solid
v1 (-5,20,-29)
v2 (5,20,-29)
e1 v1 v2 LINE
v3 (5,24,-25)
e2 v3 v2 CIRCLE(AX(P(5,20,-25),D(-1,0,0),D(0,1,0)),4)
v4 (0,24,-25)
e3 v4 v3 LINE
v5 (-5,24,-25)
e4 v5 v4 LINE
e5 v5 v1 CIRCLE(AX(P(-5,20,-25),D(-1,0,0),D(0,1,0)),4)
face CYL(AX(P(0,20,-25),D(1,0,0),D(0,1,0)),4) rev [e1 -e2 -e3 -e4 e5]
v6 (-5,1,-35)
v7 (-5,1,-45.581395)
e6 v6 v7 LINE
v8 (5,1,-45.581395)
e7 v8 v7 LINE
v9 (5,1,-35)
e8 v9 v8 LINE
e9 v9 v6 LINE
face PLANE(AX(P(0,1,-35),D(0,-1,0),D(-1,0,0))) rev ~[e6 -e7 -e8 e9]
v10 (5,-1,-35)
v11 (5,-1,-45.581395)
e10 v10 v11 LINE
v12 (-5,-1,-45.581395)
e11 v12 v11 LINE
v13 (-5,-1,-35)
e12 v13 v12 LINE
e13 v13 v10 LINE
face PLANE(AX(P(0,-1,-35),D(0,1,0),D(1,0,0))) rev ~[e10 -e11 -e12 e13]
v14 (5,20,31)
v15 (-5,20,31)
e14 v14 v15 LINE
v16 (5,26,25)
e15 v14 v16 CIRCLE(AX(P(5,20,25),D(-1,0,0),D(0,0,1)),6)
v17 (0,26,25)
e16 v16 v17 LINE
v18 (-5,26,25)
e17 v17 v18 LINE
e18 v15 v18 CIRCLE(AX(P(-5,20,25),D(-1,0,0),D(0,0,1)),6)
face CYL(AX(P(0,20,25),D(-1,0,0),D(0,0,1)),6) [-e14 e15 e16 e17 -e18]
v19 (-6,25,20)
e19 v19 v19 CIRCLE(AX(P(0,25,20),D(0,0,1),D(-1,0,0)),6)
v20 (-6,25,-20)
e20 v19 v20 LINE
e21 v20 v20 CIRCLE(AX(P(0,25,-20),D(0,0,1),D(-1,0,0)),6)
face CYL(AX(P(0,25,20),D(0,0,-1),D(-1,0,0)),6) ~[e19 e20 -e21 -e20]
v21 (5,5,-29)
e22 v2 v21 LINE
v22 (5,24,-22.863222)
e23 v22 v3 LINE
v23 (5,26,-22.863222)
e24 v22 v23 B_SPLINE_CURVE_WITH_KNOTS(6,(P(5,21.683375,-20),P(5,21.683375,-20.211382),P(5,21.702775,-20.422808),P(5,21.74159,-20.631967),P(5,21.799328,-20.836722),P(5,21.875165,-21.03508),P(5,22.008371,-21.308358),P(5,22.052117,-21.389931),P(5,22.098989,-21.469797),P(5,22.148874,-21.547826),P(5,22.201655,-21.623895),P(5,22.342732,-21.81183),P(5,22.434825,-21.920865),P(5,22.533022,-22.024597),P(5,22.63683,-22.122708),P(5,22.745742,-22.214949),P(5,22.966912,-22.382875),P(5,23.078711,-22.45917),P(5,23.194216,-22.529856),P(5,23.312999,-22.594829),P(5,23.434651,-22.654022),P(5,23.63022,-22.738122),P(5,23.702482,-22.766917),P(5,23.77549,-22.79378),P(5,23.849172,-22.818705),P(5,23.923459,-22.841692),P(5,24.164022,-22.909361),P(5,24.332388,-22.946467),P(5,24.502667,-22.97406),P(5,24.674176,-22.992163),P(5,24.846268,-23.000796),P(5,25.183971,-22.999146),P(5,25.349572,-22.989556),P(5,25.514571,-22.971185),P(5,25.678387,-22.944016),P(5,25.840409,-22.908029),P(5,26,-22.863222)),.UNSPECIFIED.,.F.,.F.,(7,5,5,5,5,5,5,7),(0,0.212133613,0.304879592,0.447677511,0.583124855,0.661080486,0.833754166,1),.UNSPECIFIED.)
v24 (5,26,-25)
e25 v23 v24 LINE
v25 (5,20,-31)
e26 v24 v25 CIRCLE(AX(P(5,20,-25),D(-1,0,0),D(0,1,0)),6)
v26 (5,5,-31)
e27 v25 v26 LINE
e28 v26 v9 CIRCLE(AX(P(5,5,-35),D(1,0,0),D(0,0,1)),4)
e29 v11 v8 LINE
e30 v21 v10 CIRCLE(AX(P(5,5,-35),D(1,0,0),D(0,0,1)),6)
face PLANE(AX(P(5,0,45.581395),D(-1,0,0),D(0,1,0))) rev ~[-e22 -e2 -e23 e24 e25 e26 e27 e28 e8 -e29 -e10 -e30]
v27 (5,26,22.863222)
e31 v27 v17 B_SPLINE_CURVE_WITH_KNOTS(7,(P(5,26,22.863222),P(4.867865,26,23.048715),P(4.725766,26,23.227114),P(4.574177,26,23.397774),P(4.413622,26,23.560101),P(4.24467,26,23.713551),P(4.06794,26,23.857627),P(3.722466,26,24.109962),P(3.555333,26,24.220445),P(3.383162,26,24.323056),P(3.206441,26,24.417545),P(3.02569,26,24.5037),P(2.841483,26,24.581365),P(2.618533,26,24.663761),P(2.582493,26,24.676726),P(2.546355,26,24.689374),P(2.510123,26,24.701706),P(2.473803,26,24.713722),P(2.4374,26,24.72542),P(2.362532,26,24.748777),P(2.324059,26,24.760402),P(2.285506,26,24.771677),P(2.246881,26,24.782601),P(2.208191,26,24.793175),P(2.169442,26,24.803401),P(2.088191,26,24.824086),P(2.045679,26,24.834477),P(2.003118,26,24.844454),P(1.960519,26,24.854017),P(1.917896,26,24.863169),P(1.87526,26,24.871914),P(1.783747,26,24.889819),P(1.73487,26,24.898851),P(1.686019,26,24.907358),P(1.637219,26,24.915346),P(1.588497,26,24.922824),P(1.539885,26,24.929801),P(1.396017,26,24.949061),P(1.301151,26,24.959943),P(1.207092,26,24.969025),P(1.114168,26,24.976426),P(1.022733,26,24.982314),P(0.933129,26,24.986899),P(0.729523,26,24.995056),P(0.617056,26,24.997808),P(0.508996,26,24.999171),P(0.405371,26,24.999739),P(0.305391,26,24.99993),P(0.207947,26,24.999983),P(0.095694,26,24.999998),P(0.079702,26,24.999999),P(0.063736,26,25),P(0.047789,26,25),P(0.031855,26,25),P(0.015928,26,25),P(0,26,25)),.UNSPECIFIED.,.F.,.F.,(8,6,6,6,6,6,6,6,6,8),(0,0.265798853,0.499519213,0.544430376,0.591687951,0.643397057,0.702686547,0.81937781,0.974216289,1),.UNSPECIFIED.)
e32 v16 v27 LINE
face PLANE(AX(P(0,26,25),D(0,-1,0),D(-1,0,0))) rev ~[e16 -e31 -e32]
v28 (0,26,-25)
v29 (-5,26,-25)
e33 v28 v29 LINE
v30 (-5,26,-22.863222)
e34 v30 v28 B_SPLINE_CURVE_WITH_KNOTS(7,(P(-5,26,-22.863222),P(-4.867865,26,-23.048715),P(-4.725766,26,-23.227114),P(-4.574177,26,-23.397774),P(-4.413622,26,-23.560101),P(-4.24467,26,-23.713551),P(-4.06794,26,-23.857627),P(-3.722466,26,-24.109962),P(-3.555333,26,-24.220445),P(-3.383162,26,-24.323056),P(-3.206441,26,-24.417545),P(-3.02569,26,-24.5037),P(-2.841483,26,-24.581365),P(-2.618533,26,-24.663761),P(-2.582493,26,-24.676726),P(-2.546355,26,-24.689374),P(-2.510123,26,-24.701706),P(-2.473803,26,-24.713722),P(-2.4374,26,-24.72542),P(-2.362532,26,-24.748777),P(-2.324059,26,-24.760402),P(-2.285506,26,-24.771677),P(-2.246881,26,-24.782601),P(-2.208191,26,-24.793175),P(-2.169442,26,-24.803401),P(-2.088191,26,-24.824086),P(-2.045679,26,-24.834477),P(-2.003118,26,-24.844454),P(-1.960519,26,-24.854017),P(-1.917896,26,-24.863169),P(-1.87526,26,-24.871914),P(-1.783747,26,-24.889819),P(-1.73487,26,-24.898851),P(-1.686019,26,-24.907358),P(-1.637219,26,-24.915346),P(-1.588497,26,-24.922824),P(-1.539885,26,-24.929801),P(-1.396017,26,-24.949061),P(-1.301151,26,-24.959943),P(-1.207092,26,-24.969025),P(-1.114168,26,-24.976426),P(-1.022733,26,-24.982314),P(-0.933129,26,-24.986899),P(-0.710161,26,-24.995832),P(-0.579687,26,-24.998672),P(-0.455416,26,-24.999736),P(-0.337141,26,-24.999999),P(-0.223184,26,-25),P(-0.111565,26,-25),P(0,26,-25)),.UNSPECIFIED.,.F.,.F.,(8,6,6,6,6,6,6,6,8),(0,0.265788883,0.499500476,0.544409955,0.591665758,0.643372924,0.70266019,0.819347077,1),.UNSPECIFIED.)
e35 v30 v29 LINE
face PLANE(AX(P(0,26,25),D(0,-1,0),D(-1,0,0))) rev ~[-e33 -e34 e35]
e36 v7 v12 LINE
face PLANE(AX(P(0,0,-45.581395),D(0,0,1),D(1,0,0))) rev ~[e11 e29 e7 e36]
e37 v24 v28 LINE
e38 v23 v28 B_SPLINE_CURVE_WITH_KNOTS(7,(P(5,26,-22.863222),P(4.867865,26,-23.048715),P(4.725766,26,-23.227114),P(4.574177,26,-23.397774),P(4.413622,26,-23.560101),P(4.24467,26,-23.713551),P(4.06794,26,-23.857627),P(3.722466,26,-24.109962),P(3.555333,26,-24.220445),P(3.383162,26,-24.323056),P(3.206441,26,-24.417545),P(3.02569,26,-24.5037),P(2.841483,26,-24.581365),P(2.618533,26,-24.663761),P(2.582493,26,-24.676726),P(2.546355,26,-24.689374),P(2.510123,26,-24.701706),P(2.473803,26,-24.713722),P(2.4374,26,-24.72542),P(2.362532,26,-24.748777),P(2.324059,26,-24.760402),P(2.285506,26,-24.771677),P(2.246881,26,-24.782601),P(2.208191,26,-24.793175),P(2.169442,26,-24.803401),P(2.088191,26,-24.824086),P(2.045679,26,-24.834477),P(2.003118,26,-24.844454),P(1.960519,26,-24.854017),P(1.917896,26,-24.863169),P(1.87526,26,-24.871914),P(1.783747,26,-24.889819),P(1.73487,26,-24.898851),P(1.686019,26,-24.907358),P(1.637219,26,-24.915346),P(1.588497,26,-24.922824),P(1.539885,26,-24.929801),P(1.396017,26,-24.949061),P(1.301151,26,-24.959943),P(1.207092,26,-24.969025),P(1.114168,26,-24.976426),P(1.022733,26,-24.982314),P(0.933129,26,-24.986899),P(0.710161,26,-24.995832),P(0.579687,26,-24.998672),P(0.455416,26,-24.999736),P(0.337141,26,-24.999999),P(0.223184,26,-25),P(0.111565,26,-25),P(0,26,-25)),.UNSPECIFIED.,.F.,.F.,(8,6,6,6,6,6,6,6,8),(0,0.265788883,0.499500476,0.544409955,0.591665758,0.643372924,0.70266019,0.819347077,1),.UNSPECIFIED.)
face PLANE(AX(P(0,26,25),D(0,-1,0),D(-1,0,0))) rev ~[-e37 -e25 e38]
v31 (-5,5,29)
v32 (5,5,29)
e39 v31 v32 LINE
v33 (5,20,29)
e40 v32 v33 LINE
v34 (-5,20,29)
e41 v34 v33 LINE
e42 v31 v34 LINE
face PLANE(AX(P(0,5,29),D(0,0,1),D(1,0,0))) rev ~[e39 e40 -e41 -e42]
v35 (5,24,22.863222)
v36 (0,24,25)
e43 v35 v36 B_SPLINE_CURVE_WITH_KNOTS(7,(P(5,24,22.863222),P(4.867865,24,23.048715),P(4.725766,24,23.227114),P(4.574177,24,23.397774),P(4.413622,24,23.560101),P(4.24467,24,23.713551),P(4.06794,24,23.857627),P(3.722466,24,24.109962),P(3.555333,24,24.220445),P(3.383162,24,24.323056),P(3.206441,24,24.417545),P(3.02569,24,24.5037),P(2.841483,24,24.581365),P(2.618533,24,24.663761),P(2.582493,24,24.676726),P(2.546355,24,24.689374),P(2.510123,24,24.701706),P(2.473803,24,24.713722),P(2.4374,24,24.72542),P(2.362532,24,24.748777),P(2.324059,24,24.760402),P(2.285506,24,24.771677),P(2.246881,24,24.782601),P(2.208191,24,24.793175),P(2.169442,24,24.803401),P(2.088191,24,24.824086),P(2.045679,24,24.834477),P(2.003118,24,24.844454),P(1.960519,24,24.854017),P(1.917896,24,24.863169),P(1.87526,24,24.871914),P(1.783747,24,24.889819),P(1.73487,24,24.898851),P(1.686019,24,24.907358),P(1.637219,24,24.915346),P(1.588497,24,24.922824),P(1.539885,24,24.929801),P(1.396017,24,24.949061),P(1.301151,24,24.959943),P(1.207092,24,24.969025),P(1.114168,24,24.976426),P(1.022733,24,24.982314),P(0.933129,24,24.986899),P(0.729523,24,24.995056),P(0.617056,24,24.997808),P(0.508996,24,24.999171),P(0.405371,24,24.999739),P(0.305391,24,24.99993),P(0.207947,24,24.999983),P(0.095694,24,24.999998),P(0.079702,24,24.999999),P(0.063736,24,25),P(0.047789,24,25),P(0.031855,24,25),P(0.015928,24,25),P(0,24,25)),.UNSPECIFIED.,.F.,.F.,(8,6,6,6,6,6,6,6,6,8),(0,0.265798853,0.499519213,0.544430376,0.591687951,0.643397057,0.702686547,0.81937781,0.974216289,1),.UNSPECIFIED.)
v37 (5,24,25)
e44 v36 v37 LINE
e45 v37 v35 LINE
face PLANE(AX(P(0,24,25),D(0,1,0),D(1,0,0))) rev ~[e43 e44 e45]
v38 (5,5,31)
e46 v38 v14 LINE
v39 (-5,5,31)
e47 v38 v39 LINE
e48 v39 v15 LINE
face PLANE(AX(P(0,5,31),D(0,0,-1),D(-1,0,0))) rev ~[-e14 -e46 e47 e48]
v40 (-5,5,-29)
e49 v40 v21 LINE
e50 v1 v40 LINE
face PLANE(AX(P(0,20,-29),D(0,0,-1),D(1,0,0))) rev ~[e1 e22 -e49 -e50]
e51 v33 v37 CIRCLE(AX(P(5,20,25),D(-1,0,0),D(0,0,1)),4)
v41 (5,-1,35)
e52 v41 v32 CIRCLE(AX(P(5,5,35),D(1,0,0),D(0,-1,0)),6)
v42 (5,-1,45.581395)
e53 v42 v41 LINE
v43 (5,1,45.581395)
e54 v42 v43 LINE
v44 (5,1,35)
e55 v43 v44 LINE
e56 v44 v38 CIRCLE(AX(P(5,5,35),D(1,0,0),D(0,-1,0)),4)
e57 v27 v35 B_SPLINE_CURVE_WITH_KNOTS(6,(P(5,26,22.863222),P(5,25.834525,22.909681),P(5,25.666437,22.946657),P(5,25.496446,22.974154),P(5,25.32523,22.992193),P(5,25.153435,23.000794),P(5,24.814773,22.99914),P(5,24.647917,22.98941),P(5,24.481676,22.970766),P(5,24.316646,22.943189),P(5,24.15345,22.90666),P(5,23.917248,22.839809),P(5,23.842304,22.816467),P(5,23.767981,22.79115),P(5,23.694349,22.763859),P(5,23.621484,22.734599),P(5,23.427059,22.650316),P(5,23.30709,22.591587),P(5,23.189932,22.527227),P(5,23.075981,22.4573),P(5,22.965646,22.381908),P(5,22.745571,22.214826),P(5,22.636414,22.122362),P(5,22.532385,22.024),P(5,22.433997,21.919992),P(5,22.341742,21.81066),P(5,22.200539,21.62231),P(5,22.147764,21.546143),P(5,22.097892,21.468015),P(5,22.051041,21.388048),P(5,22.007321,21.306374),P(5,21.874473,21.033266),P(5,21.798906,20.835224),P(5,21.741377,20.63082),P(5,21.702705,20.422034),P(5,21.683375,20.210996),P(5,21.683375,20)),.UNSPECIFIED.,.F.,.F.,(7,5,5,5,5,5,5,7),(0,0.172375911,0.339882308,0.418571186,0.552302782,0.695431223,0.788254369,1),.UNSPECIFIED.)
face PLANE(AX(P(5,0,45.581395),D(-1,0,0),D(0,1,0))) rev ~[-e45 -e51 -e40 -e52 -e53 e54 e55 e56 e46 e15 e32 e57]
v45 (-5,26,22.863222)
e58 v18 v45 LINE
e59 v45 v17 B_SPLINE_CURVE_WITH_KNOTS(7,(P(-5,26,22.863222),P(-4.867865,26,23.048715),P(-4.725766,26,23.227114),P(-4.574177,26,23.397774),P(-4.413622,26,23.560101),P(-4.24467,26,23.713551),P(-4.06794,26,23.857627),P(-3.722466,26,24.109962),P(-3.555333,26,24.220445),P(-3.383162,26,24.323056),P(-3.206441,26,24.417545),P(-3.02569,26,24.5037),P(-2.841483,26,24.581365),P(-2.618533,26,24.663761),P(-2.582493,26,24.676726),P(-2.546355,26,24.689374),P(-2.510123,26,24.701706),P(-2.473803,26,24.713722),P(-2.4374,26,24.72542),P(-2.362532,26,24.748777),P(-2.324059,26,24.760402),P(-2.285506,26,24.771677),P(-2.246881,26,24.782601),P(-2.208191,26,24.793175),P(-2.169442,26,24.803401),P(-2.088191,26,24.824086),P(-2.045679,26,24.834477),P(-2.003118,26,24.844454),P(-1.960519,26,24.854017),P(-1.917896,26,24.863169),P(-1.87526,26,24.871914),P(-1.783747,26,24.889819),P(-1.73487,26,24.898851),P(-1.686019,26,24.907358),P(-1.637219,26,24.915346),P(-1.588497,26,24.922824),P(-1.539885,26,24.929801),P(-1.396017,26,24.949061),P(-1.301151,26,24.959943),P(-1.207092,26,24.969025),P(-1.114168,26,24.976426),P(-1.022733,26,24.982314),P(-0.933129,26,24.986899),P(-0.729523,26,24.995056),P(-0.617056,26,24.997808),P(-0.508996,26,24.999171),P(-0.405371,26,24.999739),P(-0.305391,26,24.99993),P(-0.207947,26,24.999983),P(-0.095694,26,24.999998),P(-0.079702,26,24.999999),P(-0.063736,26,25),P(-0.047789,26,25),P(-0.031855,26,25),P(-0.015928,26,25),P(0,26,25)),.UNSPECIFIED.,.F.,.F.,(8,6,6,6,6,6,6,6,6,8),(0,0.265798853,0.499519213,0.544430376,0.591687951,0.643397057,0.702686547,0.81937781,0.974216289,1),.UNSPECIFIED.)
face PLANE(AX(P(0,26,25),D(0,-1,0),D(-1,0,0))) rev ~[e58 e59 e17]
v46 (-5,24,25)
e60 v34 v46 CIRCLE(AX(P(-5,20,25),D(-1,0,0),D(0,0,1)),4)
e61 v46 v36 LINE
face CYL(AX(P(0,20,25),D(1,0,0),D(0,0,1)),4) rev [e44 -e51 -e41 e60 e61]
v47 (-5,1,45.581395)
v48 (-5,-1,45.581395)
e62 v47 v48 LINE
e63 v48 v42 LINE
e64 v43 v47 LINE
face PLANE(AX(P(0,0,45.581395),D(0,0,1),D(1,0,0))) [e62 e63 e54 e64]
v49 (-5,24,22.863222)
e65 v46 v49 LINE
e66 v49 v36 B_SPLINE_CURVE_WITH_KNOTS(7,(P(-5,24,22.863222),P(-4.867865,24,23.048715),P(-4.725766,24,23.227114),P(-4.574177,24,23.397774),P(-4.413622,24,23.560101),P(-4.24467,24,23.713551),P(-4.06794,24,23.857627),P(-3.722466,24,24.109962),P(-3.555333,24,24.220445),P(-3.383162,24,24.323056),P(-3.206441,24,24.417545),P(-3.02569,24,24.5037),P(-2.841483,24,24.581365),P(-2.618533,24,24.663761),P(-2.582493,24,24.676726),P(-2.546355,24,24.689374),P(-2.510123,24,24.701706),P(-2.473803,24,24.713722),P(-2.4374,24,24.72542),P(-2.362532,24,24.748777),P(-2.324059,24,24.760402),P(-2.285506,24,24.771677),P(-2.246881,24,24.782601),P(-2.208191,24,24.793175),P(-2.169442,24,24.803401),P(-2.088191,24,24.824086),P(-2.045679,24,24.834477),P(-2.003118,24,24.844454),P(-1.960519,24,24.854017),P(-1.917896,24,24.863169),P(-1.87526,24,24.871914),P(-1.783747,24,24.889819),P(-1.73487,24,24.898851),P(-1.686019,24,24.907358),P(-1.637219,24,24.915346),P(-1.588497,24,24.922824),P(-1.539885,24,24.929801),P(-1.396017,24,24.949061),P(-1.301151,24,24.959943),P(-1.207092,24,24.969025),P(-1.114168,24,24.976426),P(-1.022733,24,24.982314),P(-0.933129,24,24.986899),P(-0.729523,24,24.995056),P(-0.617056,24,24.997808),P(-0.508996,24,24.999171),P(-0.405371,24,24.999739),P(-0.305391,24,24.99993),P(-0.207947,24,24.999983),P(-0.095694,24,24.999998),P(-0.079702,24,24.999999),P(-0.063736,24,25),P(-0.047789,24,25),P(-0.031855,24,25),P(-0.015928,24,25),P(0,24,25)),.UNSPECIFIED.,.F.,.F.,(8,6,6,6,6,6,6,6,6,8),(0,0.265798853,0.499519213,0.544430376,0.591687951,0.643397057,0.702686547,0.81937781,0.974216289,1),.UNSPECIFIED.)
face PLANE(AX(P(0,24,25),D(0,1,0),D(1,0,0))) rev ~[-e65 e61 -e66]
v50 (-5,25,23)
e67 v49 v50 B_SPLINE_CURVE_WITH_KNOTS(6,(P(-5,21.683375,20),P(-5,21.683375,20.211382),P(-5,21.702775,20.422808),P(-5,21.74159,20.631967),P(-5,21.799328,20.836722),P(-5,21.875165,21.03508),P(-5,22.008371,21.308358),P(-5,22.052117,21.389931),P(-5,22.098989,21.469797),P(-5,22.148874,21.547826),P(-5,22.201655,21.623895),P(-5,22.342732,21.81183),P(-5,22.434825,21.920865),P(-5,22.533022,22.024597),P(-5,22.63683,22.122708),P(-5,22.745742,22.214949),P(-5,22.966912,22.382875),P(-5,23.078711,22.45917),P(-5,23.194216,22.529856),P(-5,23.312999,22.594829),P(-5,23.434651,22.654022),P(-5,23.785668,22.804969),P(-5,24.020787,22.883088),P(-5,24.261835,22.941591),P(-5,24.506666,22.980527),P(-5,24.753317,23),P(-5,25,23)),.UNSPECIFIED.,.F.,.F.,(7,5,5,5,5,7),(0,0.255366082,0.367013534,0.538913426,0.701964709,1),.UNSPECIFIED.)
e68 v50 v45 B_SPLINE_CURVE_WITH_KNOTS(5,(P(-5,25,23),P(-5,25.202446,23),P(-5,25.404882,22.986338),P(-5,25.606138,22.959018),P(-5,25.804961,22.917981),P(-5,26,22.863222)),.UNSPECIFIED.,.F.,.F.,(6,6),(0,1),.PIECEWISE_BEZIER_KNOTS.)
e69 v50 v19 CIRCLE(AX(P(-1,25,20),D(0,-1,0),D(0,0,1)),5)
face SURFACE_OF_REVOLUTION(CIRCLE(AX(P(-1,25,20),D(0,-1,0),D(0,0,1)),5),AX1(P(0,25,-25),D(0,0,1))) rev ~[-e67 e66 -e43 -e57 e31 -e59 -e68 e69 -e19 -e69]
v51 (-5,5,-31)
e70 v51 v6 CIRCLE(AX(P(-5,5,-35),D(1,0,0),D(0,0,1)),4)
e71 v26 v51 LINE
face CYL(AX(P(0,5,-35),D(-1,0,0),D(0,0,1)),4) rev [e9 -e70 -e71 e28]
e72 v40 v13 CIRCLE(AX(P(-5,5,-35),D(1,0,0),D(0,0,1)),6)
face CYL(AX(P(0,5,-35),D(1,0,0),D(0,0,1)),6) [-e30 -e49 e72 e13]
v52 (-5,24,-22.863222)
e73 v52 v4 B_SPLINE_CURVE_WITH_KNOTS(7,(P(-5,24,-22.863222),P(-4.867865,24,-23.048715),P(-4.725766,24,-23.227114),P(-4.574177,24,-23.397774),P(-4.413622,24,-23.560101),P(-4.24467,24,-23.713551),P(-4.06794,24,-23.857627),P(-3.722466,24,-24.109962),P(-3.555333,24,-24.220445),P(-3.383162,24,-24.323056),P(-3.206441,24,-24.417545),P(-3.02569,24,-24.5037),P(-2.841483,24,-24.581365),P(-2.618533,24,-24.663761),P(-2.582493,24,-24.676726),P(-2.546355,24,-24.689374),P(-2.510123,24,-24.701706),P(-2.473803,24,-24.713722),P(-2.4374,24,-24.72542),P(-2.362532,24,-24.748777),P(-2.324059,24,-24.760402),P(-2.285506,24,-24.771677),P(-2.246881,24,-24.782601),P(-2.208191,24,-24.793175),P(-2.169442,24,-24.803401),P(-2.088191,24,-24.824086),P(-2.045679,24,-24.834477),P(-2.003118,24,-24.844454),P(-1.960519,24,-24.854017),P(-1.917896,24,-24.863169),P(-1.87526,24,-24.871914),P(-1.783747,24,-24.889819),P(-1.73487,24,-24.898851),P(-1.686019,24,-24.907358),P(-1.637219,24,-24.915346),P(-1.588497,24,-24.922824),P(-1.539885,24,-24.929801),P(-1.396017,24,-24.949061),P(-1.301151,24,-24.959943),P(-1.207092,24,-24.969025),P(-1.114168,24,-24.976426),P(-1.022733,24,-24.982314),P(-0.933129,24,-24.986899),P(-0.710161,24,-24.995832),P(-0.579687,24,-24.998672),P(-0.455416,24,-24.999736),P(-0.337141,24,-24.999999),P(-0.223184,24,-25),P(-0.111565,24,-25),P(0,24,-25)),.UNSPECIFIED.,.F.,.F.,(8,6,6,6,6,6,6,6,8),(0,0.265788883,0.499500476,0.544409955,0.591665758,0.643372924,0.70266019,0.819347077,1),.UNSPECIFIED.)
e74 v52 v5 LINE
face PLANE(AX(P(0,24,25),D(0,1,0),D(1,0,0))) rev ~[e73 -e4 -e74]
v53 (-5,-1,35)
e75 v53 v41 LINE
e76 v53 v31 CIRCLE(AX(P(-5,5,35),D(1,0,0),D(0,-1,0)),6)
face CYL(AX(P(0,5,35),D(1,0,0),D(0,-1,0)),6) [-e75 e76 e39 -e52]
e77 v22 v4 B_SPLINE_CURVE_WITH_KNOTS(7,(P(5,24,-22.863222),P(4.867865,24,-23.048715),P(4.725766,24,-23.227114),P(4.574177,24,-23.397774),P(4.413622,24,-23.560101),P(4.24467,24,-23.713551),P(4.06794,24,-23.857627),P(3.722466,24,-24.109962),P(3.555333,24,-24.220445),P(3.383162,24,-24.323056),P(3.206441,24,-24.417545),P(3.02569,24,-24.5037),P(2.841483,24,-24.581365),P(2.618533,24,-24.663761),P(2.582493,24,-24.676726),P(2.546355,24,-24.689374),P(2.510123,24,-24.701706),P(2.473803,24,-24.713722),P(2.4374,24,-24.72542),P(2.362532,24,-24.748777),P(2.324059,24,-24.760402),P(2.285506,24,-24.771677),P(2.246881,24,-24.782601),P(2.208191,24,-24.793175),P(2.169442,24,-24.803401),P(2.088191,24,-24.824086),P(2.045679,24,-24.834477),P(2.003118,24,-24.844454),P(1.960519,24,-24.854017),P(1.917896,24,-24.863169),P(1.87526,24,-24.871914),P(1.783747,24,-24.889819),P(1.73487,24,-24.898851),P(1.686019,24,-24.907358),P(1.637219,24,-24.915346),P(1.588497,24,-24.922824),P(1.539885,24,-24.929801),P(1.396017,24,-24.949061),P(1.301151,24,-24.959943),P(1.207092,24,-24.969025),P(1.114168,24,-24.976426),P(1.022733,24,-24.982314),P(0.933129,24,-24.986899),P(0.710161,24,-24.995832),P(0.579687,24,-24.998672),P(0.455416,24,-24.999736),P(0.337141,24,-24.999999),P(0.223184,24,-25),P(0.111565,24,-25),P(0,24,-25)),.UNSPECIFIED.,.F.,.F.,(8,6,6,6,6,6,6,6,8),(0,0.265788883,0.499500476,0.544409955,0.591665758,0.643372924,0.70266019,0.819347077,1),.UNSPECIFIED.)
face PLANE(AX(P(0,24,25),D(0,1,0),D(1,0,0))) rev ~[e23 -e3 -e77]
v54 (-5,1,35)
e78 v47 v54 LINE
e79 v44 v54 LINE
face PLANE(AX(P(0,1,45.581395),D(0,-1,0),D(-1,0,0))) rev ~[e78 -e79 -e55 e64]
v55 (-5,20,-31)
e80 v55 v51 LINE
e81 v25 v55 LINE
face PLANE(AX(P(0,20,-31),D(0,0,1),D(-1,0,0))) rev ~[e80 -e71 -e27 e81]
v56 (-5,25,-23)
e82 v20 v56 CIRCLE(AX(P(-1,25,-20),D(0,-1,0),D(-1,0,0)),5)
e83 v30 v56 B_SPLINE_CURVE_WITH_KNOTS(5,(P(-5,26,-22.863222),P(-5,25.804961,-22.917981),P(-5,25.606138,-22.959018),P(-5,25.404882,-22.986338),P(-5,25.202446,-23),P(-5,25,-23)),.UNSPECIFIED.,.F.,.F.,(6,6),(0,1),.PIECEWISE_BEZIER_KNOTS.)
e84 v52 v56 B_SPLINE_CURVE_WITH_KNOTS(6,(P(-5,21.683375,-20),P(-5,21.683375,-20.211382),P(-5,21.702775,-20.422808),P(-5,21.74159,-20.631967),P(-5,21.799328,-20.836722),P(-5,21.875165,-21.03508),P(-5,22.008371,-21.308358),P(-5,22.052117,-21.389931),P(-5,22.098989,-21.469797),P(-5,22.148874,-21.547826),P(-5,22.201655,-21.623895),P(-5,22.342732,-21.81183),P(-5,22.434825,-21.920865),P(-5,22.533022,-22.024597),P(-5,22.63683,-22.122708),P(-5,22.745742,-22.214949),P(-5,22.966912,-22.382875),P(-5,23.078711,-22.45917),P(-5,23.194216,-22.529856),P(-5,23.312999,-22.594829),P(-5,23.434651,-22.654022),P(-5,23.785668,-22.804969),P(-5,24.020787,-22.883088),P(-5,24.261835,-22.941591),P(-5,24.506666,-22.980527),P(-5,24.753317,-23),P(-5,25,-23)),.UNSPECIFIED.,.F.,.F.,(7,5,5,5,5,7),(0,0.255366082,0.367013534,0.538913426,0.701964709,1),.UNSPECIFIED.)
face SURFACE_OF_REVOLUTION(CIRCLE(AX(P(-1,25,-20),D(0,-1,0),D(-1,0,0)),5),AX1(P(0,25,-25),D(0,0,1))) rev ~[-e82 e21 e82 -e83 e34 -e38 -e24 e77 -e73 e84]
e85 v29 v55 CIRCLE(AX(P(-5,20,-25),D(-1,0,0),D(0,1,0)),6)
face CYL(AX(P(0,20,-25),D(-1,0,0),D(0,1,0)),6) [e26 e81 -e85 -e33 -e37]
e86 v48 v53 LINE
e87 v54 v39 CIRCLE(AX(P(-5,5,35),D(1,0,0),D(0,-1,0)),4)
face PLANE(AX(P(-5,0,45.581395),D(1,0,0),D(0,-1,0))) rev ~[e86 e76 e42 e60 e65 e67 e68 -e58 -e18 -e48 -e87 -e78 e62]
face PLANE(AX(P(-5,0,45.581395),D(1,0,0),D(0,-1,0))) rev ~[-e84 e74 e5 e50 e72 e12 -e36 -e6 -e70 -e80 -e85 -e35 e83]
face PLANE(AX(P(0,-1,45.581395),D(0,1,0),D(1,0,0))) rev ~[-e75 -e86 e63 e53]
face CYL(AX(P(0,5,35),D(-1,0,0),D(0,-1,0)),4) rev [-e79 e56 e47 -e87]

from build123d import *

# Parameters (mm, degrees)
SKETCH2_W = 10
SKETCH2_H = 2


with BuildPart() as part:
    # Sweep1: sweep along a path in Sketch1
    with BuildLine(Plane(origin=(0, 0, 0), x_dir=(0, 0, -1), z_dir=(1, 0, 0))) as sweep1_path:
        Line((-45.581395349, 0), (-35, 0))
        ThreePointArc((-35, 0), (-31.464466094, 1.464466094), (-30, 5))
        Line((-30, 5), (-30, 20))
        ThreePointArc((-30, 20), (-28.535533906, 23.535533906), (-25, 25))
        Line((-25, 25), (25, 25))
        ThreePointArc((25, 25), (28.535533906, 23.535533906), (30, 20))
        Line((30, 20), (30, 5))
        ThreePointArc((30, 5), (31.464466094, 1.464466094), (35, 0))
        Line((35, 0), (45.581395349, 0))
    # Sketch2 → Sweep1 (sweep)
    with BuildSketch(Plane.XY.offset(45.581395349)):
        Rectangle(SKETCH2_W, SKETCH2_H)
    sweep(path=sweep1_path.line)

    # Sketch3 → Revolve1 (revolve)
    with BuildSketch(Plane(origin=(0, 0, 0), x_dir=(0, 0, -1), z_dir=(1, 0, 0)), mode=Mode.PRIVATE) as revolve1_sk:
        with BuildLine():
            Line((-25, 25), (-25, 26))
            ThreePointArc((-25, 26), (-23.535533906, 29.535533906), (-20, 31))
            Line((-20, 31), (20, 31))
            ThreePointArc((20, 31), (23.535533906, 29.535533906), (25, 26))
            Line((25, 26), (25, 25))
            Line((25, 25), (-25, 25))
        make_face()
    revolve(revolve1_sk.sketch.rotate(Axis((0, 25, -25), (0, 0, 1)), 90), axis=Axis((0, 25, -25), (0, 0, 1)))


solid = part.part
